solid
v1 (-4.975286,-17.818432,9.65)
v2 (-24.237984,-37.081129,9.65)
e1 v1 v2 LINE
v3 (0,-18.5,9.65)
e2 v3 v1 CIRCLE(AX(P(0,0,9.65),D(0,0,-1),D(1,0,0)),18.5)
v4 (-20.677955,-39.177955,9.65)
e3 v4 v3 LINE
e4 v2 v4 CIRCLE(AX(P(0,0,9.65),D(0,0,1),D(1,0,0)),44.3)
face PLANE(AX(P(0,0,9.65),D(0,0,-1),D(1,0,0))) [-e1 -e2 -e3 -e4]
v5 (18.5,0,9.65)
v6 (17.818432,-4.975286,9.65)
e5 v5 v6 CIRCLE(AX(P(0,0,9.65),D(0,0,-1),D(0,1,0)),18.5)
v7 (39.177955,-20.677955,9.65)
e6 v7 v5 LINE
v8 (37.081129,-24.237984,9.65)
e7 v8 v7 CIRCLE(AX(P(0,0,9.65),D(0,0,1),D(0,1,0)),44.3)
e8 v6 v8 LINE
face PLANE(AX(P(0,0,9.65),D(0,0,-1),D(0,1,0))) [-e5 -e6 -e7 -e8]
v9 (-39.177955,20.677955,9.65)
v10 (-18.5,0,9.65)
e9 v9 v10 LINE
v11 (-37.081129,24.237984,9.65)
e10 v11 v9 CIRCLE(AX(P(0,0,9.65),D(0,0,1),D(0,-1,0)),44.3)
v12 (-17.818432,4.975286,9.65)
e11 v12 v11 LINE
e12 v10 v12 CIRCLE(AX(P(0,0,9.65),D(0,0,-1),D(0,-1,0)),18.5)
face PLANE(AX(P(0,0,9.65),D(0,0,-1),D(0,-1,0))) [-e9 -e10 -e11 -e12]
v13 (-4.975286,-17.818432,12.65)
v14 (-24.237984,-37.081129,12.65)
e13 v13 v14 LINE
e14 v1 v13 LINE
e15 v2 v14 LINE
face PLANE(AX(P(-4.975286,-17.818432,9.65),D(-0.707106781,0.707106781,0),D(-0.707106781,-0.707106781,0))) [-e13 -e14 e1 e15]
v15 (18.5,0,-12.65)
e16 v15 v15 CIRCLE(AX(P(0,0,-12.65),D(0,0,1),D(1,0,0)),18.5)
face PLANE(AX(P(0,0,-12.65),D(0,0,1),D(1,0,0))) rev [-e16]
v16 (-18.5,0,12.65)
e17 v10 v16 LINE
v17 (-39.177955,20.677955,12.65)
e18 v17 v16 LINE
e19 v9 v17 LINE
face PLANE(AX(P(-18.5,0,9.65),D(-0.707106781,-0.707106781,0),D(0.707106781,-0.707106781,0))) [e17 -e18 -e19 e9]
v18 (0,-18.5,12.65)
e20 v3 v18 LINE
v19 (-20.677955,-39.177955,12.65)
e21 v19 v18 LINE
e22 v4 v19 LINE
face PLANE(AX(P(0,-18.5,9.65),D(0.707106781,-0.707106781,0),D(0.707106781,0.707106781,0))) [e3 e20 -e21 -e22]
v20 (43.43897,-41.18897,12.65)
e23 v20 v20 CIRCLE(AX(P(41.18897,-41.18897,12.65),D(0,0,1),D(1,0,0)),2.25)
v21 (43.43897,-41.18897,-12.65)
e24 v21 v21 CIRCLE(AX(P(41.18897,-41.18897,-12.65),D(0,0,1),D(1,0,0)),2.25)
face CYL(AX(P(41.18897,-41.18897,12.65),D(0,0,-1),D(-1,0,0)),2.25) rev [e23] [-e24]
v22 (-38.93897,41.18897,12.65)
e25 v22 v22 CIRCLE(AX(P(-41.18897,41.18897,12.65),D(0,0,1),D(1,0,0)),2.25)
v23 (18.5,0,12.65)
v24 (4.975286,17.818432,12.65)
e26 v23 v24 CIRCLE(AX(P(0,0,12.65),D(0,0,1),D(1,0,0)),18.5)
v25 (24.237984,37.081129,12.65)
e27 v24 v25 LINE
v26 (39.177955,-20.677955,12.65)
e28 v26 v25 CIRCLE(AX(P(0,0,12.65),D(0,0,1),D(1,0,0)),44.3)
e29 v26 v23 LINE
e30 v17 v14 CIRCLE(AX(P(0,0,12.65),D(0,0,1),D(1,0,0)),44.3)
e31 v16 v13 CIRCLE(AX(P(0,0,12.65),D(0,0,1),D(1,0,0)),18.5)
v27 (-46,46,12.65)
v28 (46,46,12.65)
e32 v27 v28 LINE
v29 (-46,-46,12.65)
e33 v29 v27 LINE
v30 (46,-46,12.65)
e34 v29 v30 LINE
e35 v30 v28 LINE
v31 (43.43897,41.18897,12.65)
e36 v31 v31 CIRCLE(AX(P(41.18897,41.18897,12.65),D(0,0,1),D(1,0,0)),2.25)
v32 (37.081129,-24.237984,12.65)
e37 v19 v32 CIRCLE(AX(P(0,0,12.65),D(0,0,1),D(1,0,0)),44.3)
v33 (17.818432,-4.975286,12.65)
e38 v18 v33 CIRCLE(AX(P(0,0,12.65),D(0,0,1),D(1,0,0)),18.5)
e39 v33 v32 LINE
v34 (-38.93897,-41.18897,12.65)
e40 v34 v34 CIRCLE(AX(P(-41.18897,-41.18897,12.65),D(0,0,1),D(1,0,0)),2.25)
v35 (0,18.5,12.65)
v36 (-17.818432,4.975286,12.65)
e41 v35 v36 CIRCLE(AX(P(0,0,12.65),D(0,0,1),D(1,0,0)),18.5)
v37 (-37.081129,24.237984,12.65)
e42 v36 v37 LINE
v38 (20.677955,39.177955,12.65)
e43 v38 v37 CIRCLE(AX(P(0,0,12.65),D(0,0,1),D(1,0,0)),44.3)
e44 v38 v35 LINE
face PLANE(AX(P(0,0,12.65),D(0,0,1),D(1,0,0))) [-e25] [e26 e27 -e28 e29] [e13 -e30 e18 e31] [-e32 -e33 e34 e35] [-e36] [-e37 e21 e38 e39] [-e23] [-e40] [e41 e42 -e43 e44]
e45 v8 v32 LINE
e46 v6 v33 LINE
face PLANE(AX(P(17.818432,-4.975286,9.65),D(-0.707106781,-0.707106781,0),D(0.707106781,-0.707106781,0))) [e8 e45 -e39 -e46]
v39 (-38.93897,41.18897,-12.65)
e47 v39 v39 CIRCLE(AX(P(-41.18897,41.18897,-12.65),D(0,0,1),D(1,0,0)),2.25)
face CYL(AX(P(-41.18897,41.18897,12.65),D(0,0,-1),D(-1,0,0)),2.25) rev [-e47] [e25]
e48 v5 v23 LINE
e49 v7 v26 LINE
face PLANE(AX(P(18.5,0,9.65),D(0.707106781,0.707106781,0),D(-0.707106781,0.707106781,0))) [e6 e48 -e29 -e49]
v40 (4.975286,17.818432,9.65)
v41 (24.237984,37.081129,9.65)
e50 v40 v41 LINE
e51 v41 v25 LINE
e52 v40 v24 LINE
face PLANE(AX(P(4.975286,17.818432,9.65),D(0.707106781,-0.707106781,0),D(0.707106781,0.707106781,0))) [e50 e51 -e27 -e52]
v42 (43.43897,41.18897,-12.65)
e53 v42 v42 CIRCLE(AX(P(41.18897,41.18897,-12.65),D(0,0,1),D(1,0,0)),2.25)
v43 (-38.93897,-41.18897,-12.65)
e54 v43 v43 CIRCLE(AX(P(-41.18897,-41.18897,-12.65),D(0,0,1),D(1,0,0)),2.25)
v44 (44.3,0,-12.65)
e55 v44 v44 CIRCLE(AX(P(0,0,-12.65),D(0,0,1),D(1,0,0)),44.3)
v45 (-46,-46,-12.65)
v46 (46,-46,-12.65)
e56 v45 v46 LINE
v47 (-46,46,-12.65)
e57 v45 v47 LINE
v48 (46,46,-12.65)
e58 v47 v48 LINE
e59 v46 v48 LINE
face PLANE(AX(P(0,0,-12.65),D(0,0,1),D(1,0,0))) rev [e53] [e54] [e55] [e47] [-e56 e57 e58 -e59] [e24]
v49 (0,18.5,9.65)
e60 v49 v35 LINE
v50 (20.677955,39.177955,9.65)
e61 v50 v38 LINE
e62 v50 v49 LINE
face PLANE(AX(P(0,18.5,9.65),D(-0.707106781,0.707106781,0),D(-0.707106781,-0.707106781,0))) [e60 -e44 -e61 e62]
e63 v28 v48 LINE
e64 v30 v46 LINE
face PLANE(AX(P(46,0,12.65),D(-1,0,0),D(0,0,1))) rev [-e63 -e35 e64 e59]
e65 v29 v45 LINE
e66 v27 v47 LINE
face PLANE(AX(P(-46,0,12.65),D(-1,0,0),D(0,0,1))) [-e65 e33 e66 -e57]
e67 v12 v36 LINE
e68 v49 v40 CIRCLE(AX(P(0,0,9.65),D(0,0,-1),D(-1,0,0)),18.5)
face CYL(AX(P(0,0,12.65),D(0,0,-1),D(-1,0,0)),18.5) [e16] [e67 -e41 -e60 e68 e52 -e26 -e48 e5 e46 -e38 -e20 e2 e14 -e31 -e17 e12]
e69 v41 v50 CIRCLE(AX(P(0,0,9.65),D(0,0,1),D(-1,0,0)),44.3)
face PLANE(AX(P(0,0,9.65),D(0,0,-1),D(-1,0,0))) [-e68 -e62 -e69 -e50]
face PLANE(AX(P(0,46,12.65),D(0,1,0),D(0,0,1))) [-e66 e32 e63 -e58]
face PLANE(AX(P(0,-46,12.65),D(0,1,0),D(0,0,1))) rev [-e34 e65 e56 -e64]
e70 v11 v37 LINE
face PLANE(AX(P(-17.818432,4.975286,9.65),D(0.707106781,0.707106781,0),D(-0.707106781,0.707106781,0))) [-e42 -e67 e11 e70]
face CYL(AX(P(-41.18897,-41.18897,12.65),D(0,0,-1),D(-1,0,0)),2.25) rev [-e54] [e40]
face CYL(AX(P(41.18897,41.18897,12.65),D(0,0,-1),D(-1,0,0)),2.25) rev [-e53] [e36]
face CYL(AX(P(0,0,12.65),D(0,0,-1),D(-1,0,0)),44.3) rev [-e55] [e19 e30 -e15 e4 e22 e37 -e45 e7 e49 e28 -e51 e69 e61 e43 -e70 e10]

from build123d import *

# Parameters (mm, degrees)
SKETCH1_W             = 92
SKETCH1_H             = 92
SKETCH1_R             = 44.3
SKETCH1_R_2           = 2.25
BOSS_EXTRUDE1_DEPTH   = 12.65
SKETCH1_R_3           = 18.5
BOSS_EXTRUDE1_2_DEPTH = 12.65
BOSS_EXTRUDE2_START   = -3
BOSS_EXTRUDE2_DEPTH   = 3
CIRPATTERN1_COUNT     = 4


with BuildPart() as part:
    # Sketch1 → Boss-Extrude1 (new, symmetric)
    with BuildSketch(Plane.XY):
        Rectangle(SKETCH1_W, SKETCH1_H)
        Circle(SKETCH1_R, mode=Mode.SUBTRACT)
        with Locations((-41.188970004, -41.188970004)):
            Circle(SKETCH1_R_2, mode=Mode.SUBTRACT)
        with Locations((41.188970004, -41.188970004)):
            Circle(SKETCH1_R_2, mode=Mode.SUBTRACT)
        with Locations((41.188970004, 41.188970004)):
            Circle(SKETCH1_R_2, mode=Mode.SUBTRACT)
        with Locations((-41.188970004, 41.188970004)):
            Circle(SKETCH1_R_2, mode=Mode.SUBTRACT)
    extrude(amount=BOSS_EXTRUDE1_DEPTH, both=True)



with BuildPart() as body_2:
    # Sketch1 → Boss-Extrude1 2 (new, symmetric)
    with BuildSketch(Plane.XY):
        Circle(SKETCH1_R_3)
    extrude(amount=BOSS_EXTRUDE1_2_DEPTH, both=True)


with BuildPart() as part_1:
    add(part.part)

    add(body_2.part)  # Boss-Extrude2 merges body 2
    # Sketch2 → Boss-Extrude2 (add)
    with BuildSketch(Plane.XY.offset(12.65).offset(BOSS_EXTRUDE2_START)):
        with BuildLine():
            Line((0, 18.5), (20.677955159, 39.177955159))
            ThreePointArc((20.677955159, 39.177955159), (22.482427755, 38.171068131), (24.237983576, 37.081129327))
            Line((24.237983576, 37.081129327), (4.975286421, 17.818432171))
            ThreePointArc((4.975286421, 17.818432171), (2.510876823, 18.328816044), (0, 18.5))
        make_face()
    boss_extrude2 = extrude(amount=BOSS_EXTRUDE2_DEPTH)

    # CirPattern1: Boss-Extrude2 ×4 about axis
    cirpattern1_axis = Axis((0, 0, 0), (0, 0, 1))
    for i in range(1, CIRPATTERN1_COUNT):
        add(boss_extrude2.rotate(cirpattern1_axis, i * 360 / CIRPATTERN1_COUNT))


solid = part_1.part
